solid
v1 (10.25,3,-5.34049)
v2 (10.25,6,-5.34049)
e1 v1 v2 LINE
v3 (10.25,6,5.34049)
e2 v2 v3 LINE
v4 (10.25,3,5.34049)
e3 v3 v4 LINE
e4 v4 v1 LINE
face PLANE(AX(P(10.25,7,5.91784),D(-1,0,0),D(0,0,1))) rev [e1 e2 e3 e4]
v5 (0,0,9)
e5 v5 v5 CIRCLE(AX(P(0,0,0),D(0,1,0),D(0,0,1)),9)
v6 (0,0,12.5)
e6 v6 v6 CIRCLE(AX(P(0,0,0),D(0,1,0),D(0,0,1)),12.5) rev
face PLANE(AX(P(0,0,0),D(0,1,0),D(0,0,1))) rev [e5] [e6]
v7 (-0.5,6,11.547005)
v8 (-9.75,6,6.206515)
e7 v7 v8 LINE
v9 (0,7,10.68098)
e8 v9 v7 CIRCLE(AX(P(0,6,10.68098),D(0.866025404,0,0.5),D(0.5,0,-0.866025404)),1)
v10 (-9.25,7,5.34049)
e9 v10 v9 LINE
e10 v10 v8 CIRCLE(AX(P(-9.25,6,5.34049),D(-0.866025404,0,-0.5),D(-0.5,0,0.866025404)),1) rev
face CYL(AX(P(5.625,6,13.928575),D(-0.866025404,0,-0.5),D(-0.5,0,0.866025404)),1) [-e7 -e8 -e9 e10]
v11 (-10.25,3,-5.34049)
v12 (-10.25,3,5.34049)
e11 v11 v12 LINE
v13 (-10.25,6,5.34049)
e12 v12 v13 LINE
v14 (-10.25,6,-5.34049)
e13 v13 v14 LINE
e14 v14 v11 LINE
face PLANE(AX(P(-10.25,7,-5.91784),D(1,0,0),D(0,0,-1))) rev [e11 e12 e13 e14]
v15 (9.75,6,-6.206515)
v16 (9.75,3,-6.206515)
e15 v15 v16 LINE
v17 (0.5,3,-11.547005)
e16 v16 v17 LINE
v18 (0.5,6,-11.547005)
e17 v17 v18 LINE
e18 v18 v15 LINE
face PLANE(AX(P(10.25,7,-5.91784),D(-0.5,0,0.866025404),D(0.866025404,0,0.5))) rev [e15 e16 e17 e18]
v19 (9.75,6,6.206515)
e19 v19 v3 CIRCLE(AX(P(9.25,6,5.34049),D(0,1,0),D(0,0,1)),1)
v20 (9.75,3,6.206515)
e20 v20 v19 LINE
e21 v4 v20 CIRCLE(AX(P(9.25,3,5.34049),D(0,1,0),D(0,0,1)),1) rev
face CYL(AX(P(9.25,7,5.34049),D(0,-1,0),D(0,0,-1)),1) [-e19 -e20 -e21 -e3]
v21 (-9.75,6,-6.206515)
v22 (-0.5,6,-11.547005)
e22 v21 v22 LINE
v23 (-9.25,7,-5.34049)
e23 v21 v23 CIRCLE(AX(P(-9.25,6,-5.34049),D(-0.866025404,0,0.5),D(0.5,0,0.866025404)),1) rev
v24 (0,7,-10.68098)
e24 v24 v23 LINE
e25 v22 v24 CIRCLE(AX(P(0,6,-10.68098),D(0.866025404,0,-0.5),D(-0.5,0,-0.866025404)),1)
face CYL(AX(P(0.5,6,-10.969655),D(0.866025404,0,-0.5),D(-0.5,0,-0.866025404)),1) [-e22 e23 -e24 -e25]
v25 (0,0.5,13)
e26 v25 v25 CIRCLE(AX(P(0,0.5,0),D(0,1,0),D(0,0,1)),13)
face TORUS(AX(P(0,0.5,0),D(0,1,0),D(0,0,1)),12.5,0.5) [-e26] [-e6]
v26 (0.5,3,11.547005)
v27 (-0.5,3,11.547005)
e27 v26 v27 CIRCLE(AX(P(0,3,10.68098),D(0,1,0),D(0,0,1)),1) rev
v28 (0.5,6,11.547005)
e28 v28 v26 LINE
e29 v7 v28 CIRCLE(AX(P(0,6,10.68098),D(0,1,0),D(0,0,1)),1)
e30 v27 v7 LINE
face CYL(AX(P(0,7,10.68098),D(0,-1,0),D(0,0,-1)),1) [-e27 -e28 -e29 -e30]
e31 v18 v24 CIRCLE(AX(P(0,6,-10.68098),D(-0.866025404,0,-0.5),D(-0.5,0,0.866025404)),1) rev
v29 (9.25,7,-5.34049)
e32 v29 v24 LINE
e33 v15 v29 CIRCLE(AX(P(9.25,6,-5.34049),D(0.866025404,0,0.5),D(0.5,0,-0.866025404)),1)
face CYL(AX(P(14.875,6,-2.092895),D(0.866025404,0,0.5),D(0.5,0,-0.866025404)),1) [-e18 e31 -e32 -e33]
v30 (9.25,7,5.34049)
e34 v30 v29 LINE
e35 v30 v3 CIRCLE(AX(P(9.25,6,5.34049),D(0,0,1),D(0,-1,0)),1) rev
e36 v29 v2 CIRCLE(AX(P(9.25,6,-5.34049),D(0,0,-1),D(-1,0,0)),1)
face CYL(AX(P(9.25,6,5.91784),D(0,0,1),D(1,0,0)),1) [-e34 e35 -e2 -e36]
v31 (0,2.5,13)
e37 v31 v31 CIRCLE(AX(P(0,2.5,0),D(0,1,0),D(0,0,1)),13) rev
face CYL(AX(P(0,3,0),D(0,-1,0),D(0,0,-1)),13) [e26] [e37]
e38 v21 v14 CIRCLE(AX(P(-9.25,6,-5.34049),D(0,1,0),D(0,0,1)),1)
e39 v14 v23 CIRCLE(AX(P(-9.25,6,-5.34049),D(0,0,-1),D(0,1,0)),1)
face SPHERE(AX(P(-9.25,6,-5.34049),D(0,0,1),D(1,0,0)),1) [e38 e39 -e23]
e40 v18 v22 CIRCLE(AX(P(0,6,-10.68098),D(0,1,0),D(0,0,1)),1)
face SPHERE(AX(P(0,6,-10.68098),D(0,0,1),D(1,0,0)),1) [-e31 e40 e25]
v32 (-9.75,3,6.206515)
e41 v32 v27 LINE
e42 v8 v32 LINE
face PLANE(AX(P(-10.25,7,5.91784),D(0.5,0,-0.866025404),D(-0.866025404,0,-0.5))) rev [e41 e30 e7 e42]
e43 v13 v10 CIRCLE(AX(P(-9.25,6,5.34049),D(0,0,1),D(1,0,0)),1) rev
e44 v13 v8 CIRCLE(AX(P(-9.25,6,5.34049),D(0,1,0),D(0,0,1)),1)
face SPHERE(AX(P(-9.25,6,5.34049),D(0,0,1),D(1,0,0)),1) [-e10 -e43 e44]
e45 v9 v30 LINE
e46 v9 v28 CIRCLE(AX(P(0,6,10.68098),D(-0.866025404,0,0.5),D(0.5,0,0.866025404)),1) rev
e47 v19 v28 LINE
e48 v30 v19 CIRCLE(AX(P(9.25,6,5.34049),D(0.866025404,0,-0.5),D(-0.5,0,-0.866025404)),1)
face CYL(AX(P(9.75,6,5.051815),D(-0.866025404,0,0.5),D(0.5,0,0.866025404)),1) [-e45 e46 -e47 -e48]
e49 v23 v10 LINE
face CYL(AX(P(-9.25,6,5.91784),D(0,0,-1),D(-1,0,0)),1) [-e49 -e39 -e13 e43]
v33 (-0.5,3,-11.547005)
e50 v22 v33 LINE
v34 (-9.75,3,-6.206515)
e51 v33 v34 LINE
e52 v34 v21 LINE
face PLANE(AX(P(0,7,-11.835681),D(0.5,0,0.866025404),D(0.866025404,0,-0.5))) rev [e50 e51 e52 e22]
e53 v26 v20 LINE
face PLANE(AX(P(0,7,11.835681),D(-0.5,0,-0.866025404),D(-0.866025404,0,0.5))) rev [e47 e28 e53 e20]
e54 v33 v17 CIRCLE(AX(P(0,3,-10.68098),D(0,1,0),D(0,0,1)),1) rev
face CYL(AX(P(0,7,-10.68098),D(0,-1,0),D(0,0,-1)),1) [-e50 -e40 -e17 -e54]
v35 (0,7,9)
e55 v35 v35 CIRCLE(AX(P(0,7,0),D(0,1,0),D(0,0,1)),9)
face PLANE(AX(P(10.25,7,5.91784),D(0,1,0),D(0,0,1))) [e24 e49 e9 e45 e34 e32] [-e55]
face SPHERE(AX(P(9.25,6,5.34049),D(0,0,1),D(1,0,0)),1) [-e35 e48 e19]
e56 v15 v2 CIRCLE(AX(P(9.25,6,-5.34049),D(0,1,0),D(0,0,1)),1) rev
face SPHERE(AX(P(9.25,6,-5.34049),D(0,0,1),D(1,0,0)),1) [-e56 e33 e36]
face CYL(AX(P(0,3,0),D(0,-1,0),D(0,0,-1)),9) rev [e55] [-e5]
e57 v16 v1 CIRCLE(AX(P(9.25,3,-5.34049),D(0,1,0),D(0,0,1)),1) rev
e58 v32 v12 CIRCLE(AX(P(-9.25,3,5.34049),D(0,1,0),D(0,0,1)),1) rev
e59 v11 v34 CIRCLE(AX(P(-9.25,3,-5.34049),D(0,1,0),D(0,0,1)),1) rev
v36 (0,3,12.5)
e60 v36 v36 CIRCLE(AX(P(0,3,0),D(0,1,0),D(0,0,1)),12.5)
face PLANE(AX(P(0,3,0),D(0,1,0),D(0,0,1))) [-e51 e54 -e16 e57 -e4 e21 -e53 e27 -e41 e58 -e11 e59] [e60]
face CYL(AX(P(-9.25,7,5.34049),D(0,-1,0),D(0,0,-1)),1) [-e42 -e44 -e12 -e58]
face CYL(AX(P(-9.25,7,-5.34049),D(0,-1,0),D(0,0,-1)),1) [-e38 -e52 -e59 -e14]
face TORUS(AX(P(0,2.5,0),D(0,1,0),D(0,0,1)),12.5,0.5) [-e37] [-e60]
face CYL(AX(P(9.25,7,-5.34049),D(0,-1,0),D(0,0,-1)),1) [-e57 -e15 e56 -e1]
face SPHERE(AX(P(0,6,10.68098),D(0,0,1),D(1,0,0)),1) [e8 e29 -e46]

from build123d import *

# Parameters (mm, degrees)
ESQUISSE1_R        = 13
ESQUISSE1_R_2      = 9
BOSS_EXTRU_1_DEPTH = 3
ESQUISSE2_R        = 9
BOSS_EXTRU_2_DEPTH = 4
CONG_2_R           = 1
CONG_3_R           = 0.5


with BuildPart() as part:
    # Esquisse1 → Boss.-Extru.1 (new body)
    with BuildSketch(Plane(origin=(0, 0, 0), x_dir=(1, 0, 0), z_dir=(0, 1, 0))):
        with Locations(Location((0, 0, 0), (0, 0, 270))):
            Circle(ESQUISSE1_R)
        with Locations(Location((0, 0, 0), (0, 0, 270))):
            Circle(ESQUISSE1_R_2, mode=Mode.SUBTRACT)
    extrude(amount=BOSS_EXTRU_1_DEPTH)

    # Esquisse2 → Boss.-Extru.2 (add)
    with BuildSketch(Plane(origin=(0, 3, 0), x_dir=(1, 0, 0), z_dir=(0, 1, 0))):
        Polygon((10.25, -5.917840259), (10.25, 5.917840259), (0, 11.835680518), (-10.25, 5.917840259), (-10.25, -5.917840259), (0, -11.835680518), align=None)
        with Locations(Location((0, 0, 0), (0, 0, 270))):
            Circle(ESQUISSE2_R, mode=Mode.SUBTRACT)
    extrude(amount=BOSS_EXTRU_2_DEPTH)

    # Congé2
    cong_2_edges = [part.edges().sort_by_distance(p)[0] for p in [
        (5.125, 7, 8.876760389),
        (10.25, 7, 0),
        (5.125, 7, -8.876760389),
        (-5.125, 7, -8.876760389),
        (-10.25, 7, 0),
        (-5.125, 7, 8.876760389),
        (0, 5, 11.835680518),
        (10.25, 5, 5.917840259),
        (10.25, 5, -5.917840259),
        (0, 5, -11.835680518),
        (-10.25, 5, -5.917840259),
        (-10.25, 5, 5.917840259),
    ]]
    fillet(cong_2_edges, radius=CONG_2_R)

    # Congé3
    cong_3_edges = [part.edges().sort_by_distance(p)[0] for p in [
        (0, 0, -13),
        (0, 3, -13),
    ]]
    fillet(cong_3_edges, radius=CONG_3_R)


solid = part.part
